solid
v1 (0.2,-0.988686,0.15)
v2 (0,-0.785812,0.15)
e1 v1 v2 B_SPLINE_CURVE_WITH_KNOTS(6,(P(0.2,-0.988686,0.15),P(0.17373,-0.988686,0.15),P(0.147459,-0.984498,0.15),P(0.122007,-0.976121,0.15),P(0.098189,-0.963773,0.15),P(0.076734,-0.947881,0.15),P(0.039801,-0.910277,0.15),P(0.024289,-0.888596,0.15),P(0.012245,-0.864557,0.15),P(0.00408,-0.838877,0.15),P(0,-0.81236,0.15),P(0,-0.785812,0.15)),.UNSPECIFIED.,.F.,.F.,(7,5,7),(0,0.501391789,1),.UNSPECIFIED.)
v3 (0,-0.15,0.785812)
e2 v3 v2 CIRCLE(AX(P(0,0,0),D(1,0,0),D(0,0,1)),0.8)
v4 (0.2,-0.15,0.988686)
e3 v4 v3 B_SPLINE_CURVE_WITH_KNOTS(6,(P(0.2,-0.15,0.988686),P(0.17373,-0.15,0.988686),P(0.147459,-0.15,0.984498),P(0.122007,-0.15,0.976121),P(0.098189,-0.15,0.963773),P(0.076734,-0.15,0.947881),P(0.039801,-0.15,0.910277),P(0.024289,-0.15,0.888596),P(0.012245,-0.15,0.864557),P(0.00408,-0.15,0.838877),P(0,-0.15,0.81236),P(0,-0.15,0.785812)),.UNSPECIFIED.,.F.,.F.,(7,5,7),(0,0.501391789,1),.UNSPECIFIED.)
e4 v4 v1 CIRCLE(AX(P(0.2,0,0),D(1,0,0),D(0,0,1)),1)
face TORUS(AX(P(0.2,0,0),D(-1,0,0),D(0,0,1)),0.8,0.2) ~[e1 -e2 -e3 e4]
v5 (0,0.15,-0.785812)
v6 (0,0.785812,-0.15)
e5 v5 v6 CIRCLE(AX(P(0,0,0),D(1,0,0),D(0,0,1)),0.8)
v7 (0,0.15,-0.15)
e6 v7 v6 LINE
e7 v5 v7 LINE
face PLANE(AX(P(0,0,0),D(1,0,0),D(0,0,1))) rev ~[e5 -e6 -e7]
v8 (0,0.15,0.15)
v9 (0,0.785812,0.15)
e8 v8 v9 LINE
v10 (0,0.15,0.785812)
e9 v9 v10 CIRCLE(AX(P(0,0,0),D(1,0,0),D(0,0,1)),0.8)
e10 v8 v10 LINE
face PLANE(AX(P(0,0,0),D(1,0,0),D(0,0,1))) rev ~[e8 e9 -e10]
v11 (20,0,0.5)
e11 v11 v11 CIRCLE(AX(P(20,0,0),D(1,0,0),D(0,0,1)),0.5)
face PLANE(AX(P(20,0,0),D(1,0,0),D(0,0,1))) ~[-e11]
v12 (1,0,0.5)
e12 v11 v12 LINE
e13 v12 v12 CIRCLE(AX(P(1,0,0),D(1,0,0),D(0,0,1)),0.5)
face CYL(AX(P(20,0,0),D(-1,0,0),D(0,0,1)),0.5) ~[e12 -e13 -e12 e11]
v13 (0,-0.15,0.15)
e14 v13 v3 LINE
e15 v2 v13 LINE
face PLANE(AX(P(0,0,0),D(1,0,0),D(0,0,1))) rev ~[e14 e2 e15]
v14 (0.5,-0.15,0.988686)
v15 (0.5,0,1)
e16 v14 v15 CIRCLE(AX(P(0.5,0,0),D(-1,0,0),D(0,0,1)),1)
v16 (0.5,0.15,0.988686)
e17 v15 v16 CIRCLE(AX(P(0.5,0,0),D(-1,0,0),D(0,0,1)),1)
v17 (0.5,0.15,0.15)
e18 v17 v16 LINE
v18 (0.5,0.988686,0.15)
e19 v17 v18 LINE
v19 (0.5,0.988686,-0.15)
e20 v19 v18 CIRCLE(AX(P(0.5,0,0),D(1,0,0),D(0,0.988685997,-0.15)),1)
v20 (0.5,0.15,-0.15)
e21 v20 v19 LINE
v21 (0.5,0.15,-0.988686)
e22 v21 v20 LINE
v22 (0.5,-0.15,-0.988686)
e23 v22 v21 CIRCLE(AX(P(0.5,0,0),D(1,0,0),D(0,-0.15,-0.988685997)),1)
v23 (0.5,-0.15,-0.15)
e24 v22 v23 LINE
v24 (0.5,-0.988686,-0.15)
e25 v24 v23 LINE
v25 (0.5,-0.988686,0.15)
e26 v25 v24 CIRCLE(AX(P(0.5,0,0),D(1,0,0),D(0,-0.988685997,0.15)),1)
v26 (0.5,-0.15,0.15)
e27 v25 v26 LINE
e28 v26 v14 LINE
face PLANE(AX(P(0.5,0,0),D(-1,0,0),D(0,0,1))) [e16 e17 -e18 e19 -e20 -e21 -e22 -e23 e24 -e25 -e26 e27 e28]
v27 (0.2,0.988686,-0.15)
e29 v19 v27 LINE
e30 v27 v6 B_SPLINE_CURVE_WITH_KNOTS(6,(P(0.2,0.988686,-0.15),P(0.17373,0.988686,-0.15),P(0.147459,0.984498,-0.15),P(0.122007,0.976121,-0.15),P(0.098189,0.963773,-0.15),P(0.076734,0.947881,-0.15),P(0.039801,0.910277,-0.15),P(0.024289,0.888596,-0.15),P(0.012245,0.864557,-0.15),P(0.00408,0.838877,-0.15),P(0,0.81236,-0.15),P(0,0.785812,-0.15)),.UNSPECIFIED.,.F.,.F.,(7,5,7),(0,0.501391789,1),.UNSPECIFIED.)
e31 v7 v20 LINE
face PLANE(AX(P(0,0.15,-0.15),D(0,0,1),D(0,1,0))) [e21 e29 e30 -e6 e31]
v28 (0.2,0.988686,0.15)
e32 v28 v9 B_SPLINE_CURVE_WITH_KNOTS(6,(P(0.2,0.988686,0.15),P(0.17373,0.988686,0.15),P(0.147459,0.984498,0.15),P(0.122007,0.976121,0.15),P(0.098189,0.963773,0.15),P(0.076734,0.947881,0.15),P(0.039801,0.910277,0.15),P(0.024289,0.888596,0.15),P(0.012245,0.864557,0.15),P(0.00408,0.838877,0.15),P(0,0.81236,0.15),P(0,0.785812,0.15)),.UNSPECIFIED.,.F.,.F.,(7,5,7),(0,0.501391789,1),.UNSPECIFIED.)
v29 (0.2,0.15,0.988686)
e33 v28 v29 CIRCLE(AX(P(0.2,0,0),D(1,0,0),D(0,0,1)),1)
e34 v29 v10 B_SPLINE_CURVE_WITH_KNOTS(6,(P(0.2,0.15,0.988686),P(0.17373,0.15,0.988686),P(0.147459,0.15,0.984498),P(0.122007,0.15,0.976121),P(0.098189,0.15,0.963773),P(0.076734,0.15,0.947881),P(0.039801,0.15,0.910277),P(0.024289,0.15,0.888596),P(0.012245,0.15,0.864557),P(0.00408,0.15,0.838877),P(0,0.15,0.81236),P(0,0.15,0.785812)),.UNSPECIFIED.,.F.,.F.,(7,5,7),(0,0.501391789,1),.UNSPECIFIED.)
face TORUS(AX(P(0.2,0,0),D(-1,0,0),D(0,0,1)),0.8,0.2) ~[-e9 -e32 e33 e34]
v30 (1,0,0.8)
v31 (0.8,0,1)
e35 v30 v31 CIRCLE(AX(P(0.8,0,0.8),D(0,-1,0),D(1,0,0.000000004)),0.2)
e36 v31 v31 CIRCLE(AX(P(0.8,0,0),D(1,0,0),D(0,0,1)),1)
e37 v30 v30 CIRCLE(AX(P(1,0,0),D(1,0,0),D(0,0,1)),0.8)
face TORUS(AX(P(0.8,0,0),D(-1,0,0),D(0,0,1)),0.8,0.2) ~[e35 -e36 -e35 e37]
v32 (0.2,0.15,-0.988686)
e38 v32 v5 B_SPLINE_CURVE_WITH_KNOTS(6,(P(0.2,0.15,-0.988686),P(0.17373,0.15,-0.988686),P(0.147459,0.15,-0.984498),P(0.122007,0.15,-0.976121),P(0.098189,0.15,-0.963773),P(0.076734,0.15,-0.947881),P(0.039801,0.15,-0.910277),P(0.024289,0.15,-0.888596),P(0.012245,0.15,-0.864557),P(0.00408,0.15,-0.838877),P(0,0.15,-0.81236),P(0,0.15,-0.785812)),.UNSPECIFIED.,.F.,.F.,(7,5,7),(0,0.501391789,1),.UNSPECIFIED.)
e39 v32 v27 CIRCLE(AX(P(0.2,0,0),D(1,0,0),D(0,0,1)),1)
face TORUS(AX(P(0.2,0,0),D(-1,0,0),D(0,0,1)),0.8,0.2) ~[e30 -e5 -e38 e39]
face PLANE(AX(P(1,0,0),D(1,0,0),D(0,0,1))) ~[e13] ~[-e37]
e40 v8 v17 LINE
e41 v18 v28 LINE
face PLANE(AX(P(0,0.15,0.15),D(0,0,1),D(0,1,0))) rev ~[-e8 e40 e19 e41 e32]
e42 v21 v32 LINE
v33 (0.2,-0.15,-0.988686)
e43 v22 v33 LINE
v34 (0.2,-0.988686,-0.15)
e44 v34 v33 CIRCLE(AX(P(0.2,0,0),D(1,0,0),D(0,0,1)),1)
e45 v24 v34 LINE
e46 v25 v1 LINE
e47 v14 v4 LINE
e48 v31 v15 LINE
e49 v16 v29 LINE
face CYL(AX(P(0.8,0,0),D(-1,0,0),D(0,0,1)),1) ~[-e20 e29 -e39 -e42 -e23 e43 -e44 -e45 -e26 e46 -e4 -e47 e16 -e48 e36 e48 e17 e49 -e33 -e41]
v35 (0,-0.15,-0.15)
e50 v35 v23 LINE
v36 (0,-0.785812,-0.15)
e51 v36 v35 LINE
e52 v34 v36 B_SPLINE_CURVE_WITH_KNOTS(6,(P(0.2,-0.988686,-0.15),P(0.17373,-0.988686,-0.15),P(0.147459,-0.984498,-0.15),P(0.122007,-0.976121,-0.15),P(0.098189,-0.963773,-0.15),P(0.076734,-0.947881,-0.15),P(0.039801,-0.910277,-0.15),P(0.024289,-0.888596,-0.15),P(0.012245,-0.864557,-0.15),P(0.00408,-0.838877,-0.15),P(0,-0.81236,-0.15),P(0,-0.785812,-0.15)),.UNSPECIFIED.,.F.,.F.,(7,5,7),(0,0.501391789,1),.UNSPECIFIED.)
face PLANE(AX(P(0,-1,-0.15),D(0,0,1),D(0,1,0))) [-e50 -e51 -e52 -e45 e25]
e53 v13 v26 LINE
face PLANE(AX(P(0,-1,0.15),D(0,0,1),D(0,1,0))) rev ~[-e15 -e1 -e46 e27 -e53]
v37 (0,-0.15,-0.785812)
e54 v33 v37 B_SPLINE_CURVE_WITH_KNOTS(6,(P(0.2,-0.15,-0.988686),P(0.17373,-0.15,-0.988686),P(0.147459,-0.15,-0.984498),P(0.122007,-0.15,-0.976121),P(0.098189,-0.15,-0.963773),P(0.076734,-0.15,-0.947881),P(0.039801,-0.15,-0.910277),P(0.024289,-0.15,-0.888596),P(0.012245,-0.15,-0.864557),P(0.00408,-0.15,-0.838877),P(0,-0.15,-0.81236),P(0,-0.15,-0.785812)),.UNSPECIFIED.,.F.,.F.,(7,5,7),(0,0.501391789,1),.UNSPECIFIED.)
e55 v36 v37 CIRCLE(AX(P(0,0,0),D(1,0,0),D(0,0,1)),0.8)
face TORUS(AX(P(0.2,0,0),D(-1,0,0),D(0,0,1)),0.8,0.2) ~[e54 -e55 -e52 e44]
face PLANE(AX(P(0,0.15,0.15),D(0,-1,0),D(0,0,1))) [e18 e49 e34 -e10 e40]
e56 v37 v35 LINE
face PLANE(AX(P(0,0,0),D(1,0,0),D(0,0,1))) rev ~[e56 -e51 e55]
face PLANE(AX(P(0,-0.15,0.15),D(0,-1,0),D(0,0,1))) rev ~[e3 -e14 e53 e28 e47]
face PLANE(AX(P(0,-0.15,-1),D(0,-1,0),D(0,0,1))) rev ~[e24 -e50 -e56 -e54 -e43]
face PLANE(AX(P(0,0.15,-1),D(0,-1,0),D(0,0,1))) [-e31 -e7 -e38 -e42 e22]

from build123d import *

# Parameters (mm, degrees)
SKETCH2_W          = 2
SKETCH2_H          = 0.3
SKETCH2_W_2        = 0.3
SKETCH2_H_2        = 2
CUT_EXTRUDE1_DEPTH = 0.5


with BuildPart() as part:
    # Sketch1 → Revolve1 (revolve)
    with BuildSketch(Plane.XY, mode=Mode.PRIVATE) as revolve1_sk:
        with BuildLine():
            Line((0, 0.8), (0, 0))
            Line((0, 0), (20, 0))
            Line((20, 0), (20, 0.5))
            Line((20, 0.5), (1, 0.5))
            Line((1, 0.5), (1, 0.8))
            ThreePointArc((1, 0.8), (0.941421356, 0.941421356), (0.8, 1))
            Line((0.8, 1), (0.2, 1))
            ThreePointArc((0.2, 1), (0.058578644, 0.941421356), (0, 0.8))
        make_face()
    revolve(revolve1_sk.sketch.rotate(Axis((0, 0, 0), (1, 0, 0)), 90), axis=Axis((0, 0, 0), (1, 0, 0)))

    # Sketch2 → Cut-Extrude1 (cut)
    with BuildSketch(Plane.ZY):
        Rectangle(SKETCH2_W, SKETCH2_H)
        Rectangle(SKETCH2_W_2, SKETCH2_H_2)
    extrude(amount=-CUT_EXTRUDE1_DEPTH, mode=Mode.SUBTRACT)


solid = part.part
